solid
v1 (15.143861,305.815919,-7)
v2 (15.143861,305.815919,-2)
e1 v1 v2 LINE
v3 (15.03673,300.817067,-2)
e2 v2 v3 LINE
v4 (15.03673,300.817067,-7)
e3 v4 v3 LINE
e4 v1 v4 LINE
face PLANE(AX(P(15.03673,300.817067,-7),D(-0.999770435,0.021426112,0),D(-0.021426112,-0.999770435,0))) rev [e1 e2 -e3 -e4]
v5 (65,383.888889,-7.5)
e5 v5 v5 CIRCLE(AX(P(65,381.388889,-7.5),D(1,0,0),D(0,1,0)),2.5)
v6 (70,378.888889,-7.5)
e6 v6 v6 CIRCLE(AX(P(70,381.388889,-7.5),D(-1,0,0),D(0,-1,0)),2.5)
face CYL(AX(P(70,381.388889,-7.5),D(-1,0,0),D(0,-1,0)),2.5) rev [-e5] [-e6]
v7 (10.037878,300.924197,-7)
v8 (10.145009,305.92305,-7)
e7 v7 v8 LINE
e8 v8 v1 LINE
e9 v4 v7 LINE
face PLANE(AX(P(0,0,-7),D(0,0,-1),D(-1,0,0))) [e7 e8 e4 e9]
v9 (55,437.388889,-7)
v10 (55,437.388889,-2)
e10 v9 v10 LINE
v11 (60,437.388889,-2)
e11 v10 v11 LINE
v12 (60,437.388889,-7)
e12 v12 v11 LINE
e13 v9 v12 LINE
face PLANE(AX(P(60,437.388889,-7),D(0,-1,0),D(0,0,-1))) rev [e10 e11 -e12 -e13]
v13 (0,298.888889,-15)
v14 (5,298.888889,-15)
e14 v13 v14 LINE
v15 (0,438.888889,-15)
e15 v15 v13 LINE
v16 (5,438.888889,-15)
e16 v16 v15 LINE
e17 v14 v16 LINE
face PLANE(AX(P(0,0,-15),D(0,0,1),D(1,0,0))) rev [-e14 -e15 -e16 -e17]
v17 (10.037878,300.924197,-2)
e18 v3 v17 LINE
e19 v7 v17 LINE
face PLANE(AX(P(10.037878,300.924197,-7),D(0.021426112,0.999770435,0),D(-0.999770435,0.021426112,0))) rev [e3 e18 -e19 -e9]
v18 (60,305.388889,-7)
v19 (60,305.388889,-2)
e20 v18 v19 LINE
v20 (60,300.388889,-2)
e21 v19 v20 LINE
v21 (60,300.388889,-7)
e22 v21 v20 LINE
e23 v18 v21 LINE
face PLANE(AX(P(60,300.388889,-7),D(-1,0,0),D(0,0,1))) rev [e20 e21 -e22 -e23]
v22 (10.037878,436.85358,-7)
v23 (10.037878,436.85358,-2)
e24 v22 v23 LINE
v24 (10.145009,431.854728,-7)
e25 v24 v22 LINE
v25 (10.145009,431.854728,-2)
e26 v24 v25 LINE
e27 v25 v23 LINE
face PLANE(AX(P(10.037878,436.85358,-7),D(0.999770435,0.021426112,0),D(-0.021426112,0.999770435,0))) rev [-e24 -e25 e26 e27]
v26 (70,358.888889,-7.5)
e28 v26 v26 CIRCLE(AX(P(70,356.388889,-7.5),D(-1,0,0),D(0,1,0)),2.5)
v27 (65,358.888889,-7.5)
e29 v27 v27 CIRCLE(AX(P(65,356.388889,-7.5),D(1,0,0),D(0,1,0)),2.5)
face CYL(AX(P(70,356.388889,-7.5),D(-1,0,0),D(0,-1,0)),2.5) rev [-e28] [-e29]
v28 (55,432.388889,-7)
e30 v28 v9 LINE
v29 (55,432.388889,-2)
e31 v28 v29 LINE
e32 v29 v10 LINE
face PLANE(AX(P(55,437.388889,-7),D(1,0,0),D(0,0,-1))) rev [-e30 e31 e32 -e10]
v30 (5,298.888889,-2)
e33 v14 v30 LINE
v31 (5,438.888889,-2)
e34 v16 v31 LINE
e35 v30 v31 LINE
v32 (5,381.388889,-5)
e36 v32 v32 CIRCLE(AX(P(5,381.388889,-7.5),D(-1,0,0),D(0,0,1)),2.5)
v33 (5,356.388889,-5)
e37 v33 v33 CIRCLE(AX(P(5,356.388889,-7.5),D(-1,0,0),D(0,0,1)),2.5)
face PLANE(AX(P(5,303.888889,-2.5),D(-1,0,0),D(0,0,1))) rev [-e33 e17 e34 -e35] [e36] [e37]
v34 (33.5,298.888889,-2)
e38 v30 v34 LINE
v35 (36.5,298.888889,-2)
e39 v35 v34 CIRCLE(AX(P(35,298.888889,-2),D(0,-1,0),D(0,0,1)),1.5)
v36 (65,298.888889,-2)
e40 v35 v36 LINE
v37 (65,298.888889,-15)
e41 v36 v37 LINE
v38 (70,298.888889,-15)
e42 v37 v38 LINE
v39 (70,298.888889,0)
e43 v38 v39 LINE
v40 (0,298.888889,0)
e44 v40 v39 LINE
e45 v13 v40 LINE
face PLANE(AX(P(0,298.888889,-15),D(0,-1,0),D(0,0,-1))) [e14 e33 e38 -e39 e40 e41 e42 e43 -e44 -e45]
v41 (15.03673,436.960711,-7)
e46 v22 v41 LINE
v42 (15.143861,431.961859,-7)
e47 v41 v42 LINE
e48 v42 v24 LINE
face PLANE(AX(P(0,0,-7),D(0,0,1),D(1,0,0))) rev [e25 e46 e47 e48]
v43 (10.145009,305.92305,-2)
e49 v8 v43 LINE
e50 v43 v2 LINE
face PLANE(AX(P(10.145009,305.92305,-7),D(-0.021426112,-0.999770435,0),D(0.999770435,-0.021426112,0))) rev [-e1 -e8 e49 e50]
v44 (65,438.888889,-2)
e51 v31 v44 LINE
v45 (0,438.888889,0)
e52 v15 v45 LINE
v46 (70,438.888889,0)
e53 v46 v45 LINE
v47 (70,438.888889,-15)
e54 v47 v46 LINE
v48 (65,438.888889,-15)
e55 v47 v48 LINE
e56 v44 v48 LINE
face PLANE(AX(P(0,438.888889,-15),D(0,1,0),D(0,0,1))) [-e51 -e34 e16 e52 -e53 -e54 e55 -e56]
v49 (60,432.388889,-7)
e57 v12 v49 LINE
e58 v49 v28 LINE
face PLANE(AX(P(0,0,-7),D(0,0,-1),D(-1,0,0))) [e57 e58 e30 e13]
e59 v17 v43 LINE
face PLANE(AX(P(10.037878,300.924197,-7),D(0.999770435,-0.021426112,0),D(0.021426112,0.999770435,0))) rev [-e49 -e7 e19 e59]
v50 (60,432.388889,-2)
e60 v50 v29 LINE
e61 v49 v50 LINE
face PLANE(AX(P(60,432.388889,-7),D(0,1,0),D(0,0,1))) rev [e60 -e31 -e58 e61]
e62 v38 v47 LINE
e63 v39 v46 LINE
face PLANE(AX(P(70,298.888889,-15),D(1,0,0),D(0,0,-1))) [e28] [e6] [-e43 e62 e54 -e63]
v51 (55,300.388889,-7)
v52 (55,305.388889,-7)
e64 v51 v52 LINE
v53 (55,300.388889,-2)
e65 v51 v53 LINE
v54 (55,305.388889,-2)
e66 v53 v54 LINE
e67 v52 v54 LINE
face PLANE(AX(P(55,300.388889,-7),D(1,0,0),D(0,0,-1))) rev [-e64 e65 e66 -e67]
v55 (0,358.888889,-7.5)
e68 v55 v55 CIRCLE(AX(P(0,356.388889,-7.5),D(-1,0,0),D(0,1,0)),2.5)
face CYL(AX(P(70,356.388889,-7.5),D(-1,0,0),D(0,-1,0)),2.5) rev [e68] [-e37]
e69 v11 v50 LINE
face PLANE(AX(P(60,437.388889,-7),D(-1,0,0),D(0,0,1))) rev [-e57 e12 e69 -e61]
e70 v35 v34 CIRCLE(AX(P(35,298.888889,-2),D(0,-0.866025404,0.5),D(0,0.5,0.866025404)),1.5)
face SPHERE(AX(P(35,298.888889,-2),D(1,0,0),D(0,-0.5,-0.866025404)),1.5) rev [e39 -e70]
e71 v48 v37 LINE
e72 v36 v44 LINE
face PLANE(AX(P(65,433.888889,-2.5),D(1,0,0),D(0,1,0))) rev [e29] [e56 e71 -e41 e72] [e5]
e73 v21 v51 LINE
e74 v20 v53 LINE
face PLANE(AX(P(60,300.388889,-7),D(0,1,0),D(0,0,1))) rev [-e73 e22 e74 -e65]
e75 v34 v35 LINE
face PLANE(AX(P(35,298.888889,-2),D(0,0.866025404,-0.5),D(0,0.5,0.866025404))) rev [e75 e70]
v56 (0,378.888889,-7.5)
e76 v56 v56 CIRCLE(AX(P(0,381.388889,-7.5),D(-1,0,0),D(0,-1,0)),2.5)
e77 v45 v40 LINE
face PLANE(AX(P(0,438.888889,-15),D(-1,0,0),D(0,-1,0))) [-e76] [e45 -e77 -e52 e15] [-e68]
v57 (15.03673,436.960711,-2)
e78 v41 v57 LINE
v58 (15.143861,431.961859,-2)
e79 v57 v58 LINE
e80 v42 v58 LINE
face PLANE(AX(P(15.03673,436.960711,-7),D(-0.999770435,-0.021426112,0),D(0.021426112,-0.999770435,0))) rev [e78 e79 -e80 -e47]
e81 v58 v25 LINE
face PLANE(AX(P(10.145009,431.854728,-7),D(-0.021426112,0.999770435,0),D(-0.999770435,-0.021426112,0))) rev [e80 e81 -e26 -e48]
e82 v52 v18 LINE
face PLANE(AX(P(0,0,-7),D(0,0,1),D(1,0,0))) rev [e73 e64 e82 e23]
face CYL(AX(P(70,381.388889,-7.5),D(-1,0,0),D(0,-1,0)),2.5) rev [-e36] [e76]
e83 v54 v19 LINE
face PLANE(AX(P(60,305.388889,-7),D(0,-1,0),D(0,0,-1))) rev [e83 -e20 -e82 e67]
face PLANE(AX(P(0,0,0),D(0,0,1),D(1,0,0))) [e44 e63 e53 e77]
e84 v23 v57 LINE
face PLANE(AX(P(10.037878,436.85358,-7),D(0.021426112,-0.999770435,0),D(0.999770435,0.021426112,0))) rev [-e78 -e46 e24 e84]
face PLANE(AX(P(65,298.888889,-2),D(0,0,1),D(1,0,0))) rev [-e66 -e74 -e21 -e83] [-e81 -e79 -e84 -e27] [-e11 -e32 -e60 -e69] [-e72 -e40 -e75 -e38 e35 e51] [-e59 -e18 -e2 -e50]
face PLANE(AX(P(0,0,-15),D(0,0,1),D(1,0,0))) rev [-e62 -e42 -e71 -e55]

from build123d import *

# Parameters (mm, degrees)
SKETCH2_W           = 70
SKETCH2_H           = 140
BOSS_EXTRUDE1_DEPTH = 15
SKETCH3_W           = 60
SKETCH3_H           = 130
CUT_EXTRUDE1_DEPTH  = 12.5
SKETCH4_W           = 60
SKETCH4_H           = 13
CUT_EXTRUDE2_DEPTH  = 141
SKETCH7_R           = 2.5
CUT_EXTRUDE5_DEPTH  = 71
CUT_REVOLVE1_ANGLE  = 30
SKETCH36_W          = 5
SKETCH36_H          = 5
BOSS_EXTRUDE2_DEPTH = 5


with BuildPart() as part:
    # Sketch2 → Boss-Extrude1 (new body)
    with BuildSketch(Plane.XY):
        with Locations((35, 368.888888889)):
            Rectangle(SKETCH2_W, SKETCH2_H)
    extrude(amount=-BOSS_EXTRUDE1_DEPTH)

    # Sketch3 → Cut-Extrude1 (cut)
    with BuildSketch(Plane(origin=(0, 0, -15), x_dir=(-1, 0, 0), z_dir=(0, 0, -1))):
        with Locations((-35, 368.888888889)):
            Rectangle(SKETCH3_W, SKETCH3_H)
    extrude(amount=-CUT_EXTRUDE1_DEPTH, mode=Mode.SUBTRACT)

    # Sketch4 → Cut-Extrude2 (cut, through all)
    with BuildSketch(Plane(origin=(0, 438.888888889, 0), x_dir=(1, 0, 0), z_dir=(0, 1, 0))):
        with Locations((35, 8.5)):
            Rectangle(SKETCH4_W, SKETCH4_H)
    extrude(amount=-CUT_EXTRUDE2_DEPTH, mode=Mode.SUBTRACT)

    # Sketch7 → Cut-Extrude5 (cut, through all)
    with BuildSketch(Plane.ZY):
        with Locations((-7.5, 381.388888889)):
            Circle(SKETCH7_R)
        with Locations((-7.5, 356.388888889)):
            Circle(SKETCH7_R)
    extrude(amount=-CUT_EXTRUDE5_DEPTH, mode=Mode.SUBTRACT)

    # Sketch32 → Cut-Revolve1 (revolve, cut)
    with BuildSketch(Plane.XZ.offset(-298.888888889)):
        with BuildLine():
            Line((33.5, -2), (36.5, -2))
            ThreePointArc((36.5, -2), (35, -0.5), (33.5, -2))
        make_face()
    revolve(axis=Axis((33.5, 298.888888889, -2), (-1, 0, 0)), revolution_arc=CUT_REVOLVE1_ANGLE, mode=Mode.SUBTRACT)

    # Sketch36 → Boss-Extrude2 (add)
    with BuildSketch(Plane(origin=(0, 0, -2), x_dir=(-1, 0, 0), z_dir=(0, 0, -1))):
        with Locations((-57.5, 434.888888889)):
            Rectangle(SKETCH36_W, SKETCH36_H)
        Polygon((-10.145008864, 431.85472827), (-15.143861036, 431.961858829), (-15.036730477, 436.960711001), (-10.037878305, 436.853580442), align=None)
        Polygon((-10.145008864, 305.923049508), (-15.143861036, 305.815918949), (-15.036730477, 300.817066777), (-10.037878305, 300.924197336), align=None)
        with Locations((-57.5, 302.888888889)):
            Rectangle(SKETCH36_W, SKETCH36_H)
    extrude(amount=BOSS_EXTRUDE2_DEPTH)


solid = part.part
